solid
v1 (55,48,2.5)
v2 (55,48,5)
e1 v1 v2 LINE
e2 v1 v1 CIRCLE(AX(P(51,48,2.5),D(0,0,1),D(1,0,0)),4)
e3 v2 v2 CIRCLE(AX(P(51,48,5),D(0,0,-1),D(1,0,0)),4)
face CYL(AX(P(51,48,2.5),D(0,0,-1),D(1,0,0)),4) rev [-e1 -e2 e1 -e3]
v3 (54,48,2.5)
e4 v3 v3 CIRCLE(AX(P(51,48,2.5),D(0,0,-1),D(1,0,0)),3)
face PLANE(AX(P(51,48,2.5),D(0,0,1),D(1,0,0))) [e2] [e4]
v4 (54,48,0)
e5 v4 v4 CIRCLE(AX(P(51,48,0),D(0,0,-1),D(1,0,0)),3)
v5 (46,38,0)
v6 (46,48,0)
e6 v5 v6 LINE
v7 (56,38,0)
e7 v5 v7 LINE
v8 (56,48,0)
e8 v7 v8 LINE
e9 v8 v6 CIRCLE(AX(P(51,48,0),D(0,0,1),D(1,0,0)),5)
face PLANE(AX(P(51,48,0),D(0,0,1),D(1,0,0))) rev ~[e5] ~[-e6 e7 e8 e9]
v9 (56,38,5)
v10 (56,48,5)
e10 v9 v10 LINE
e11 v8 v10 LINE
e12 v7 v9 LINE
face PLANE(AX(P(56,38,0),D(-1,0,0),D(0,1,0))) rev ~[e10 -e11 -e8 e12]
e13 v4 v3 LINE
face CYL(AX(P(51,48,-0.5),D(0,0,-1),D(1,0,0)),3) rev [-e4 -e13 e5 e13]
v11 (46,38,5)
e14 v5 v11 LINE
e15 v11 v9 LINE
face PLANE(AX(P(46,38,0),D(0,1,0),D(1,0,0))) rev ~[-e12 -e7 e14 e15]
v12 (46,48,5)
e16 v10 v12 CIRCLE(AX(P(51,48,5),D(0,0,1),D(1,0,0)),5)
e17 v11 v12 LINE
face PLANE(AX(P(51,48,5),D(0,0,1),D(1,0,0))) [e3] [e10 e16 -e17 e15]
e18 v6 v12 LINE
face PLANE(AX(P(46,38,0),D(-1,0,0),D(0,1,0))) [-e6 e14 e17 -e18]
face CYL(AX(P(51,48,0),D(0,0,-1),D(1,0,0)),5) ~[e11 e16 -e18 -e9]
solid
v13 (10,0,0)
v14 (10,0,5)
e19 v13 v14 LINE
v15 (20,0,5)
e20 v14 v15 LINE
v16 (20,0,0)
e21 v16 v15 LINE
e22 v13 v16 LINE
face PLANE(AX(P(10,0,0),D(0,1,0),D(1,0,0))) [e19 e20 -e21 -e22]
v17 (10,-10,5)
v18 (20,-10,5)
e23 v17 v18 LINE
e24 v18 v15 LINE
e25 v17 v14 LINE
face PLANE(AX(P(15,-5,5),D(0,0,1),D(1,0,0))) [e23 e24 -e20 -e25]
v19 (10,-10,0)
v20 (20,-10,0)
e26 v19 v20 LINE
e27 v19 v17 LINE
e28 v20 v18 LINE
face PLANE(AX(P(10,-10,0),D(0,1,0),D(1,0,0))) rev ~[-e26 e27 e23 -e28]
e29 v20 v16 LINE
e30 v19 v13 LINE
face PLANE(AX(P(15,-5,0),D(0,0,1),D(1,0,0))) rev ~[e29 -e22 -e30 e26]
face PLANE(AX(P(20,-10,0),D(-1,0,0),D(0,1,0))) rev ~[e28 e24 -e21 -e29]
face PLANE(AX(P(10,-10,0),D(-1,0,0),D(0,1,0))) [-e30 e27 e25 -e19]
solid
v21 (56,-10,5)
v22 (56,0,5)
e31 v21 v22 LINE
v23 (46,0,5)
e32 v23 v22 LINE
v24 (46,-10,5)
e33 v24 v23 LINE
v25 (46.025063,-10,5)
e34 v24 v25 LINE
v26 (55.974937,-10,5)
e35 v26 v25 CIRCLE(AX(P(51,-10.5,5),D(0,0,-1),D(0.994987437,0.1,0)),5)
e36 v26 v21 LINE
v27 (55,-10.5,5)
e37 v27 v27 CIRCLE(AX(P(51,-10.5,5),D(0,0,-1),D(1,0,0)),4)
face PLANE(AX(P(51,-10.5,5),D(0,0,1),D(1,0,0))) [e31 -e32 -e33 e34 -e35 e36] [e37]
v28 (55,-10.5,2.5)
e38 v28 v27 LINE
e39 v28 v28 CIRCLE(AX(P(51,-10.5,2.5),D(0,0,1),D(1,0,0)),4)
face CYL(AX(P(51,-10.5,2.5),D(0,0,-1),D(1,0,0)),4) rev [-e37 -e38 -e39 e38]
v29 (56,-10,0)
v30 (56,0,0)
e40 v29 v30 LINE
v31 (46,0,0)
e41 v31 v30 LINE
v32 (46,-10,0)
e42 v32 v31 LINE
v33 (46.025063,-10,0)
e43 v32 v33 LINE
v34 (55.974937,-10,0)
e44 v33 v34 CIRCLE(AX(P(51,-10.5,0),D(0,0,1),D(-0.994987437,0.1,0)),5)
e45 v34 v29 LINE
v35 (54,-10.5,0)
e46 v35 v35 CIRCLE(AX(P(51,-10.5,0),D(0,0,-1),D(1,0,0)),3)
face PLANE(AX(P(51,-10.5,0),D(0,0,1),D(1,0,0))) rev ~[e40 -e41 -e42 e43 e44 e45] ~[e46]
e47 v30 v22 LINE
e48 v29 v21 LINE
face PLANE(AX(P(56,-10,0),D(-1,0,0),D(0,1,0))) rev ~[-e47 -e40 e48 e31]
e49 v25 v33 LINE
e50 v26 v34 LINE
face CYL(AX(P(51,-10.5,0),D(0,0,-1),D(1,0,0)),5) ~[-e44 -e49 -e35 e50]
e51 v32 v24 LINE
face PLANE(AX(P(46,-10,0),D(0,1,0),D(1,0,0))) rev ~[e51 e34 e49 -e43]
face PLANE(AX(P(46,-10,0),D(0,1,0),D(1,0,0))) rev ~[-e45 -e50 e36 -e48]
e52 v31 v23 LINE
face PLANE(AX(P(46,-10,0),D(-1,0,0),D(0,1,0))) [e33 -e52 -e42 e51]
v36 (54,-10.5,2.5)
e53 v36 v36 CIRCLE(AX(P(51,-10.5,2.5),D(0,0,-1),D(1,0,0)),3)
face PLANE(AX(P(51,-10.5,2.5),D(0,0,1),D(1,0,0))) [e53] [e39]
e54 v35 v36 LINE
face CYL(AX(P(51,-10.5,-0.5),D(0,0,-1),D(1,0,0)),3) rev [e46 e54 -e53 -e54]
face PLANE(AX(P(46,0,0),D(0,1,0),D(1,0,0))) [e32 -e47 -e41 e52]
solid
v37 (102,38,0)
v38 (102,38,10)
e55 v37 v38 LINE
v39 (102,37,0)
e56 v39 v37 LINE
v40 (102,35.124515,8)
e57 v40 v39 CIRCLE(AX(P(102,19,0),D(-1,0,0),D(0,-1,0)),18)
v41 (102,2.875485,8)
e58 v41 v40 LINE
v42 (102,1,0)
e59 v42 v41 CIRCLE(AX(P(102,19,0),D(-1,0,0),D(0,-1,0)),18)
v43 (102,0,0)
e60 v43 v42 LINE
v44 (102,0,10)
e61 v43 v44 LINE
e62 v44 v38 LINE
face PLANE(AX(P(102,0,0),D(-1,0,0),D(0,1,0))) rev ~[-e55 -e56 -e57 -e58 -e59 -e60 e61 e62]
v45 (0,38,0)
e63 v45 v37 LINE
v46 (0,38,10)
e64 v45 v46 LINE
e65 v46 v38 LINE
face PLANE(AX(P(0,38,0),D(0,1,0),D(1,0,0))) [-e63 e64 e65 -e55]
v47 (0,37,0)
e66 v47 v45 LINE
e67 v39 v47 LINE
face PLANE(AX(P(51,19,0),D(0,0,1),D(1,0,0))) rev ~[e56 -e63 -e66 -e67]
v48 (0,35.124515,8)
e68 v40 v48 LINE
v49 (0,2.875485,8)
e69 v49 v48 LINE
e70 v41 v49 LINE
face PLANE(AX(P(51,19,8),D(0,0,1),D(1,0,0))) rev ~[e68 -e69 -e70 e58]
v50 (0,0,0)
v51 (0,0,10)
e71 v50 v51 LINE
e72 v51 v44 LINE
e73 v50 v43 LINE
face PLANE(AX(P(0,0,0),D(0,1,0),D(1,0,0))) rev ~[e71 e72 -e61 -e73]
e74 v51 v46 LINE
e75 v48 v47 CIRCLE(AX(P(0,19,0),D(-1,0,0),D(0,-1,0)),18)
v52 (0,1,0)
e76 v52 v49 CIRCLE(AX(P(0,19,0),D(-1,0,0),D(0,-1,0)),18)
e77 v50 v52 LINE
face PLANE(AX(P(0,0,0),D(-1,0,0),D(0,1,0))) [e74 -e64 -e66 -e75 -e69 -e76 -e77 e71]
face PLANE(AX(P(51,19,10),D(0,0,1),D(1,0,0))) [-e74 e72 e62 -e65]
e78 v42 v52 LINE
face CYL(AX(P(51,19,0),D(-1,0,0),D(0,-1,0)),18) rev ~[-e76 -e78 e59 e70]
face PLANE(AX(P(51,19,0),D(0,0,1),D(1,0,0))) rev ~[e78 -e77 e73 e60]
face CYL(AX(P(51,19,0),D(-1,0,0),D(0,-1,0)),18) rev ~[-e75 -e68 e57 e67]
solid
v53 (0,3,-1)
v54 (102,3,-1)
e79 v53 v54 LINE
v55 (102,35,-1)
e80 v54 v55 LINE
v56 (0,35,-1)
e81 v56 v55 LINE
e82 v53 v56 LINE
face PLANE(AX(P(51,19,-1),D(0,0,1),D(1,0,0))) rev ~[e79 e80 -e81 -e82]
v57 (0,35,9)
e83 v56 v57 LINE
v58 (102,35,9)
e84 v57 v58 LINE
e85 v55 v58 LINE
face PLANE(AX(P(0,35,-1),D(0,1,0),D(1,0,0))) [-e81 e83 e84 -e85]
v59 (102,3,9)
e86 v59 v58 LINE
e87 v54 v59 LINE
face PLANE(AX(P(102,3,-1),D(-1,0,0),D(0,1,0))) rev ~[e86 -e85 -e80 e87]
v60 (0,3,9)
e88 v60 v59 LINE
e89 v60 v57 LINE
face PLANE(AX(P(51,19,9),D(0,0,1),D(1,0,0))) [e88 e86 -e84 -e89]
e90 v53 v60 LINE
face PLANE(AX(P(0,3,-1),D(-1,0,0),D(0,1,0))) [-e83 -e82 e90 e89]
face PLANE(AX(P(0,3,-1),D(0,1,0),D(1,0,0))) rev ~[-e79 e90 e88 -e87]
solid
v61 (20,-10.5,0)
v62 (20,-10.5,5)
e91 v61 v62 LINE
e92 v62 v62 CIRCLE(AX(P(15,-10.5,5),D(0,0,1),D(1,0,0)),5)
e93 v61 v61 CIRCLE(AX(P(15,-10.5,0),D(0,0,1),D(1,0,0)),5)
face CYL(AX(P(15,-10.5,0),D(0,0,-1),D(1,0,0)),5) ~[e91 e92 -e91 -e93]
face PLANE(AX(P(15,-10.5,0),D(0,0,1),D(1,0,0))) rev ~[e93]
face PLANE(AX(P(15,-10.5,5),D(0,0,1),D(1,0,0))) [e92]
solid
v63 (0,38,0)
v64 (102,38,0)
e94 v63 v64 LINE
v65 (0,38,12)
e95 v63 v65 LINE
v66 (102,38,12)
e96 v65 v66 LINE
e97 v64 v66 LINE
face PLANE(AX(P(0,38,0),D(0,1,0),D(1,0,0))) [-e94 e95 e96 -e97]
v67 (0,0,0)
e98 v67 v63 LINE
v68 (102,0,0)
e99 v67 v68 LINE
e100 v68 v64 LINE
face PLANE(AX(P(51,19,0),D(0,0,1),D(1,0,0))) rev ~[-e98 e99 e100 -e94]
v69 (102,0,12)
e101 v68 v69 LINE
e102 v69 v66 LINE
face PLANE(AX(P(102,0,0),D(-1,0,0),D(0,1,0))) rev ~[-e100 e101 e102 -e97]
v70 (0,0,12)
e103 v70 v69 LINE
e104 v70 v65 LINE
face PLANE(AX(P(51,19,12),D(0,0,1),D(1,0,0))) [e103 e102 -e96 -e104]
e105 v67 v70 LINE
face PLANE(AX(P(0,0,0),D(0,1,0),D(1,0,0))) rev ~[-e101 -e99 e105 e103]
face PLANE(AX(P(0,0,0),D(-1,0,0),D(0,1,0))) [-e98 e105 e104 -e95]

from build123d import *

# Parameters (mm, degrees)
BOX002_W          = 102
BOX002_H          = 38
BOX002_DEPTH      = 10
CYLINDER003_W     = 18
CYLINDER003_H     = 102
CYLINDER003_ANGLE = 180
BOX_W             = 102
BOX_H             = 38
BOX_DEPTH         = 10
BOX004_W          = 10
BOX004_H          = 10
BOX004_DEPTH      = 5
CYLINDER005_R     = 5
CYLINDER005_DEPTH = 5
CYLINDER008_R     = 3
CYLINDER008_DEPTH = 5
CYLINDER006_R     = 4
CYLINDER006_DEPTH = 5
CYLINDER001_R     = 5
CYLINDER001_DEPTH = 5
BOX001_W          = 10
BOX001_H          = 10
BOX001_DEPTH      = 5
CYLINDER009_R     = 3
CYLINDER009_DEPTH = 5
CYLINDER007_R     = 4
CYLINDER007_DEPTH = 5
CYLINDER004_R     = 5
CYLINDER004_DEPTH = 5
BOX003_W          = 10
BOX003_H          = 10
BOX003_DEPTH      = 5
BOX005_W          = 102
BOX005_H          = 38
BOX005_DEPTH      = 12
BOX006_W          = 102
BOX006_H          = 32
BOX006_DEPTH      = 10


with BuildPart() as cube002:
    # Box002 → Box002 (new body)
    with BuildSketch(Plane.XY.offset(8)):
        with Locations((51, 19)):
            Rectangle(BOX002_W, BOX002_H)
    extrude(amount=BOX002_DEPTH)


with BuildPart() as cut002:
    # Cylinder003 → Cylinder003 (revolve)
    with BuildSketch(Plane(origin=(102, 19, 0), x_dir=(0, -1, 0), z_dir=(0, 0, -1))):
        with Locations((9, 51)):
            Rectangle(CYLINDER003_W, CYLINDER003_H)
    revolve(axis=Axis((102, 19, 0), (-1, 0, 0)), revolution_arc=CYLINDER003_ANGLE)

    # Cut002: cut Cube002
    add(cube002.part, mode=Mode.SUBTRACT)


with BuildPart() as cut003:
    # Box → Box (new body)
    with BuildSketch(Plane.XY):
        with Locations((51, 19)):
            Rectangle(BOX_W, BOX_H)
    extrude(amount=BOX_DEPTH)

    # Cut003: cut Cut002
    add(cut002.part, mode=Mode.SUBTRACT)


with BuildPart() as cube004:
    # Box004 → Box004 (new body)
    with BuildSketch(Plane(origin=(10, -10, 0), x_dir=(1, 0, 0), z_dir=(0, 0, 1))):
        with Locations((5, 5)):
            Rectangle(BOX004_W, BOX004_H)
    extrude(amount=BOX004_DEPTH)


with BuildPart() as cylinder005:
    # Cylinder005 → Cylinder005 (new body)
    with BuildSketch(Plane(origin=(15, -10.5, 0), x_dir=(1, 0, 0), z_dir=(0, 0, 1))):
        Circle(CYLINDER005_R)
    extrude(amount=CYLINDER005_DEPTH)


with BuildPart() as cylinder008:
    # Cylinder008 → Cylinder008 (new body)
    with BuildSketch(Plane(origin=(51, -10.5, -0.5), x_dir=(1, 0, 0), z_dir=(0, 0, 1))):
        Circle(CYLINDER008_R)
    extrude(amount=CYLINDER008_DEPTH)


with BuildPart() as cylinder006:
    # Cylinder006 → Cylinder006 (new body)
    with BuildSketch(Plane(origin=(51, -10.5, 2.5), x_dir=(1, 0, 0), z_dir=(0, 0, 1))):
        Circle(CYLINDER006_R)
    extrude(amount=CYLINDER006_DEPTH)


with BuildPart() as cylinder001:
    # Cylinder001 → Cylinder001 (new body)
    with BuildSketch(Plane(origin=(51, -10.5, 0), x_dir=(1, 0, 0), z_dir=(0, 0, 1))):
        Circle(CYLINDER001_R)
    extrude(amount=CYLINDER001_DEPTH)


with BuildPart() as cut005:
    # Box001 → Box001 (new body)
    with BuildSketch(Plane(origin=(46, -10, 0), x_dir=(1, 0, 0), z_dir=(0, 0, 1))):
        with Locations((5, 5)):
            Rectangle(BOX001_W, BOX001_H)
    extrude(amount=BOX001_DEPTH)

    # Fusion: union Cylinder001
    add(cylinder001.part)

    # Cut: cut Cylinder006
    add(cylinder006.part, mode=Mode.SUBTRACT)

    # Cut005: cut Cylinder008
    add(cylinder008.part, mode=Mode.SUBTRACT)


with BuildPart() as cylinder009:
    # Cylinder009 → Cylinder009 (new body)
    with BuildSketch(Plane(origin=(51, 48, -0.5), x_dir=(1, 0, 0), z_dir=(0, 0, 1))):
        Circle(CYLINDER009_R)
    extrude(amount=CYLINDER009_DEPTH)


with BuildPart() as cylinder007:
    # Cylinder007 → Cylinder007 (new body)
    with BuildSketch(Plane(origin=(51, 48, 2.5), x_dir=(1, 0, 0), z_dir=(0, 0, 1))):
        Circle(CYLINDER007_R)
    extrude(amount=CYLINDER007_DEPTH)


with BuildPart() as cylinder004:
    # Cylinder004 → Cylinder004 (new body)
    with BuildSketch(Plane(origin=(51, 48, 0), x_dir=(1, 0, 0), z_dir=(0, 0, 1))):
        Circle(CYLINDER004_R)
    extrude(amount=CYLINDER004_DEPTH)


with BuildPart() as cut006:
    # Box003 → Box003 (new body)
    with BuildSketch(Plane(origin=(46, 38, 0), x_dir=(1, 0, 0), z_dir=(0, 0, 1))):
        with Locations((5, 5)):
            Rectangle(BOX003_W, BOX003_H)
    extrude(amount=BOX003_DEPTH)

    # Fusion001: union Cylinder004
    add(cylinder004.part)

    # Cut004: cut Cylinder007
    add(cylinder007.part, mode=Mode.SUBTRACT)

    # Cut006: cut Cylinder009
    add(cylinder009.part, mode=Mode.SUBTRACT)


with BuildPart() as cube005:
    # Box005 → Box005 (new body)
    with BuildSketch(Plane.XY):
        with Locations((51, 19)):
            Rectangle(BOX005_W, BOX005_H)
    extrude(amount=BOX005_DEPTH)


with BuildPart() as cube006:
    # Box006 → Box006 (new body)
    with BuildSketch(Plane(origin=(0, 3, -1), x_dir=(1, 0, 0), z_dir=(0, 0, 1))):
        with Locations((51, 16)):
            Rectangle(BOX006_W, BOX006_H)
    extrude(amount=BOX006_DEPTH)


solid = Compound([cut003.part, cube004.part, cylinder005.part, cut005.part, cut006.part, cube005.part, cube006.part])
